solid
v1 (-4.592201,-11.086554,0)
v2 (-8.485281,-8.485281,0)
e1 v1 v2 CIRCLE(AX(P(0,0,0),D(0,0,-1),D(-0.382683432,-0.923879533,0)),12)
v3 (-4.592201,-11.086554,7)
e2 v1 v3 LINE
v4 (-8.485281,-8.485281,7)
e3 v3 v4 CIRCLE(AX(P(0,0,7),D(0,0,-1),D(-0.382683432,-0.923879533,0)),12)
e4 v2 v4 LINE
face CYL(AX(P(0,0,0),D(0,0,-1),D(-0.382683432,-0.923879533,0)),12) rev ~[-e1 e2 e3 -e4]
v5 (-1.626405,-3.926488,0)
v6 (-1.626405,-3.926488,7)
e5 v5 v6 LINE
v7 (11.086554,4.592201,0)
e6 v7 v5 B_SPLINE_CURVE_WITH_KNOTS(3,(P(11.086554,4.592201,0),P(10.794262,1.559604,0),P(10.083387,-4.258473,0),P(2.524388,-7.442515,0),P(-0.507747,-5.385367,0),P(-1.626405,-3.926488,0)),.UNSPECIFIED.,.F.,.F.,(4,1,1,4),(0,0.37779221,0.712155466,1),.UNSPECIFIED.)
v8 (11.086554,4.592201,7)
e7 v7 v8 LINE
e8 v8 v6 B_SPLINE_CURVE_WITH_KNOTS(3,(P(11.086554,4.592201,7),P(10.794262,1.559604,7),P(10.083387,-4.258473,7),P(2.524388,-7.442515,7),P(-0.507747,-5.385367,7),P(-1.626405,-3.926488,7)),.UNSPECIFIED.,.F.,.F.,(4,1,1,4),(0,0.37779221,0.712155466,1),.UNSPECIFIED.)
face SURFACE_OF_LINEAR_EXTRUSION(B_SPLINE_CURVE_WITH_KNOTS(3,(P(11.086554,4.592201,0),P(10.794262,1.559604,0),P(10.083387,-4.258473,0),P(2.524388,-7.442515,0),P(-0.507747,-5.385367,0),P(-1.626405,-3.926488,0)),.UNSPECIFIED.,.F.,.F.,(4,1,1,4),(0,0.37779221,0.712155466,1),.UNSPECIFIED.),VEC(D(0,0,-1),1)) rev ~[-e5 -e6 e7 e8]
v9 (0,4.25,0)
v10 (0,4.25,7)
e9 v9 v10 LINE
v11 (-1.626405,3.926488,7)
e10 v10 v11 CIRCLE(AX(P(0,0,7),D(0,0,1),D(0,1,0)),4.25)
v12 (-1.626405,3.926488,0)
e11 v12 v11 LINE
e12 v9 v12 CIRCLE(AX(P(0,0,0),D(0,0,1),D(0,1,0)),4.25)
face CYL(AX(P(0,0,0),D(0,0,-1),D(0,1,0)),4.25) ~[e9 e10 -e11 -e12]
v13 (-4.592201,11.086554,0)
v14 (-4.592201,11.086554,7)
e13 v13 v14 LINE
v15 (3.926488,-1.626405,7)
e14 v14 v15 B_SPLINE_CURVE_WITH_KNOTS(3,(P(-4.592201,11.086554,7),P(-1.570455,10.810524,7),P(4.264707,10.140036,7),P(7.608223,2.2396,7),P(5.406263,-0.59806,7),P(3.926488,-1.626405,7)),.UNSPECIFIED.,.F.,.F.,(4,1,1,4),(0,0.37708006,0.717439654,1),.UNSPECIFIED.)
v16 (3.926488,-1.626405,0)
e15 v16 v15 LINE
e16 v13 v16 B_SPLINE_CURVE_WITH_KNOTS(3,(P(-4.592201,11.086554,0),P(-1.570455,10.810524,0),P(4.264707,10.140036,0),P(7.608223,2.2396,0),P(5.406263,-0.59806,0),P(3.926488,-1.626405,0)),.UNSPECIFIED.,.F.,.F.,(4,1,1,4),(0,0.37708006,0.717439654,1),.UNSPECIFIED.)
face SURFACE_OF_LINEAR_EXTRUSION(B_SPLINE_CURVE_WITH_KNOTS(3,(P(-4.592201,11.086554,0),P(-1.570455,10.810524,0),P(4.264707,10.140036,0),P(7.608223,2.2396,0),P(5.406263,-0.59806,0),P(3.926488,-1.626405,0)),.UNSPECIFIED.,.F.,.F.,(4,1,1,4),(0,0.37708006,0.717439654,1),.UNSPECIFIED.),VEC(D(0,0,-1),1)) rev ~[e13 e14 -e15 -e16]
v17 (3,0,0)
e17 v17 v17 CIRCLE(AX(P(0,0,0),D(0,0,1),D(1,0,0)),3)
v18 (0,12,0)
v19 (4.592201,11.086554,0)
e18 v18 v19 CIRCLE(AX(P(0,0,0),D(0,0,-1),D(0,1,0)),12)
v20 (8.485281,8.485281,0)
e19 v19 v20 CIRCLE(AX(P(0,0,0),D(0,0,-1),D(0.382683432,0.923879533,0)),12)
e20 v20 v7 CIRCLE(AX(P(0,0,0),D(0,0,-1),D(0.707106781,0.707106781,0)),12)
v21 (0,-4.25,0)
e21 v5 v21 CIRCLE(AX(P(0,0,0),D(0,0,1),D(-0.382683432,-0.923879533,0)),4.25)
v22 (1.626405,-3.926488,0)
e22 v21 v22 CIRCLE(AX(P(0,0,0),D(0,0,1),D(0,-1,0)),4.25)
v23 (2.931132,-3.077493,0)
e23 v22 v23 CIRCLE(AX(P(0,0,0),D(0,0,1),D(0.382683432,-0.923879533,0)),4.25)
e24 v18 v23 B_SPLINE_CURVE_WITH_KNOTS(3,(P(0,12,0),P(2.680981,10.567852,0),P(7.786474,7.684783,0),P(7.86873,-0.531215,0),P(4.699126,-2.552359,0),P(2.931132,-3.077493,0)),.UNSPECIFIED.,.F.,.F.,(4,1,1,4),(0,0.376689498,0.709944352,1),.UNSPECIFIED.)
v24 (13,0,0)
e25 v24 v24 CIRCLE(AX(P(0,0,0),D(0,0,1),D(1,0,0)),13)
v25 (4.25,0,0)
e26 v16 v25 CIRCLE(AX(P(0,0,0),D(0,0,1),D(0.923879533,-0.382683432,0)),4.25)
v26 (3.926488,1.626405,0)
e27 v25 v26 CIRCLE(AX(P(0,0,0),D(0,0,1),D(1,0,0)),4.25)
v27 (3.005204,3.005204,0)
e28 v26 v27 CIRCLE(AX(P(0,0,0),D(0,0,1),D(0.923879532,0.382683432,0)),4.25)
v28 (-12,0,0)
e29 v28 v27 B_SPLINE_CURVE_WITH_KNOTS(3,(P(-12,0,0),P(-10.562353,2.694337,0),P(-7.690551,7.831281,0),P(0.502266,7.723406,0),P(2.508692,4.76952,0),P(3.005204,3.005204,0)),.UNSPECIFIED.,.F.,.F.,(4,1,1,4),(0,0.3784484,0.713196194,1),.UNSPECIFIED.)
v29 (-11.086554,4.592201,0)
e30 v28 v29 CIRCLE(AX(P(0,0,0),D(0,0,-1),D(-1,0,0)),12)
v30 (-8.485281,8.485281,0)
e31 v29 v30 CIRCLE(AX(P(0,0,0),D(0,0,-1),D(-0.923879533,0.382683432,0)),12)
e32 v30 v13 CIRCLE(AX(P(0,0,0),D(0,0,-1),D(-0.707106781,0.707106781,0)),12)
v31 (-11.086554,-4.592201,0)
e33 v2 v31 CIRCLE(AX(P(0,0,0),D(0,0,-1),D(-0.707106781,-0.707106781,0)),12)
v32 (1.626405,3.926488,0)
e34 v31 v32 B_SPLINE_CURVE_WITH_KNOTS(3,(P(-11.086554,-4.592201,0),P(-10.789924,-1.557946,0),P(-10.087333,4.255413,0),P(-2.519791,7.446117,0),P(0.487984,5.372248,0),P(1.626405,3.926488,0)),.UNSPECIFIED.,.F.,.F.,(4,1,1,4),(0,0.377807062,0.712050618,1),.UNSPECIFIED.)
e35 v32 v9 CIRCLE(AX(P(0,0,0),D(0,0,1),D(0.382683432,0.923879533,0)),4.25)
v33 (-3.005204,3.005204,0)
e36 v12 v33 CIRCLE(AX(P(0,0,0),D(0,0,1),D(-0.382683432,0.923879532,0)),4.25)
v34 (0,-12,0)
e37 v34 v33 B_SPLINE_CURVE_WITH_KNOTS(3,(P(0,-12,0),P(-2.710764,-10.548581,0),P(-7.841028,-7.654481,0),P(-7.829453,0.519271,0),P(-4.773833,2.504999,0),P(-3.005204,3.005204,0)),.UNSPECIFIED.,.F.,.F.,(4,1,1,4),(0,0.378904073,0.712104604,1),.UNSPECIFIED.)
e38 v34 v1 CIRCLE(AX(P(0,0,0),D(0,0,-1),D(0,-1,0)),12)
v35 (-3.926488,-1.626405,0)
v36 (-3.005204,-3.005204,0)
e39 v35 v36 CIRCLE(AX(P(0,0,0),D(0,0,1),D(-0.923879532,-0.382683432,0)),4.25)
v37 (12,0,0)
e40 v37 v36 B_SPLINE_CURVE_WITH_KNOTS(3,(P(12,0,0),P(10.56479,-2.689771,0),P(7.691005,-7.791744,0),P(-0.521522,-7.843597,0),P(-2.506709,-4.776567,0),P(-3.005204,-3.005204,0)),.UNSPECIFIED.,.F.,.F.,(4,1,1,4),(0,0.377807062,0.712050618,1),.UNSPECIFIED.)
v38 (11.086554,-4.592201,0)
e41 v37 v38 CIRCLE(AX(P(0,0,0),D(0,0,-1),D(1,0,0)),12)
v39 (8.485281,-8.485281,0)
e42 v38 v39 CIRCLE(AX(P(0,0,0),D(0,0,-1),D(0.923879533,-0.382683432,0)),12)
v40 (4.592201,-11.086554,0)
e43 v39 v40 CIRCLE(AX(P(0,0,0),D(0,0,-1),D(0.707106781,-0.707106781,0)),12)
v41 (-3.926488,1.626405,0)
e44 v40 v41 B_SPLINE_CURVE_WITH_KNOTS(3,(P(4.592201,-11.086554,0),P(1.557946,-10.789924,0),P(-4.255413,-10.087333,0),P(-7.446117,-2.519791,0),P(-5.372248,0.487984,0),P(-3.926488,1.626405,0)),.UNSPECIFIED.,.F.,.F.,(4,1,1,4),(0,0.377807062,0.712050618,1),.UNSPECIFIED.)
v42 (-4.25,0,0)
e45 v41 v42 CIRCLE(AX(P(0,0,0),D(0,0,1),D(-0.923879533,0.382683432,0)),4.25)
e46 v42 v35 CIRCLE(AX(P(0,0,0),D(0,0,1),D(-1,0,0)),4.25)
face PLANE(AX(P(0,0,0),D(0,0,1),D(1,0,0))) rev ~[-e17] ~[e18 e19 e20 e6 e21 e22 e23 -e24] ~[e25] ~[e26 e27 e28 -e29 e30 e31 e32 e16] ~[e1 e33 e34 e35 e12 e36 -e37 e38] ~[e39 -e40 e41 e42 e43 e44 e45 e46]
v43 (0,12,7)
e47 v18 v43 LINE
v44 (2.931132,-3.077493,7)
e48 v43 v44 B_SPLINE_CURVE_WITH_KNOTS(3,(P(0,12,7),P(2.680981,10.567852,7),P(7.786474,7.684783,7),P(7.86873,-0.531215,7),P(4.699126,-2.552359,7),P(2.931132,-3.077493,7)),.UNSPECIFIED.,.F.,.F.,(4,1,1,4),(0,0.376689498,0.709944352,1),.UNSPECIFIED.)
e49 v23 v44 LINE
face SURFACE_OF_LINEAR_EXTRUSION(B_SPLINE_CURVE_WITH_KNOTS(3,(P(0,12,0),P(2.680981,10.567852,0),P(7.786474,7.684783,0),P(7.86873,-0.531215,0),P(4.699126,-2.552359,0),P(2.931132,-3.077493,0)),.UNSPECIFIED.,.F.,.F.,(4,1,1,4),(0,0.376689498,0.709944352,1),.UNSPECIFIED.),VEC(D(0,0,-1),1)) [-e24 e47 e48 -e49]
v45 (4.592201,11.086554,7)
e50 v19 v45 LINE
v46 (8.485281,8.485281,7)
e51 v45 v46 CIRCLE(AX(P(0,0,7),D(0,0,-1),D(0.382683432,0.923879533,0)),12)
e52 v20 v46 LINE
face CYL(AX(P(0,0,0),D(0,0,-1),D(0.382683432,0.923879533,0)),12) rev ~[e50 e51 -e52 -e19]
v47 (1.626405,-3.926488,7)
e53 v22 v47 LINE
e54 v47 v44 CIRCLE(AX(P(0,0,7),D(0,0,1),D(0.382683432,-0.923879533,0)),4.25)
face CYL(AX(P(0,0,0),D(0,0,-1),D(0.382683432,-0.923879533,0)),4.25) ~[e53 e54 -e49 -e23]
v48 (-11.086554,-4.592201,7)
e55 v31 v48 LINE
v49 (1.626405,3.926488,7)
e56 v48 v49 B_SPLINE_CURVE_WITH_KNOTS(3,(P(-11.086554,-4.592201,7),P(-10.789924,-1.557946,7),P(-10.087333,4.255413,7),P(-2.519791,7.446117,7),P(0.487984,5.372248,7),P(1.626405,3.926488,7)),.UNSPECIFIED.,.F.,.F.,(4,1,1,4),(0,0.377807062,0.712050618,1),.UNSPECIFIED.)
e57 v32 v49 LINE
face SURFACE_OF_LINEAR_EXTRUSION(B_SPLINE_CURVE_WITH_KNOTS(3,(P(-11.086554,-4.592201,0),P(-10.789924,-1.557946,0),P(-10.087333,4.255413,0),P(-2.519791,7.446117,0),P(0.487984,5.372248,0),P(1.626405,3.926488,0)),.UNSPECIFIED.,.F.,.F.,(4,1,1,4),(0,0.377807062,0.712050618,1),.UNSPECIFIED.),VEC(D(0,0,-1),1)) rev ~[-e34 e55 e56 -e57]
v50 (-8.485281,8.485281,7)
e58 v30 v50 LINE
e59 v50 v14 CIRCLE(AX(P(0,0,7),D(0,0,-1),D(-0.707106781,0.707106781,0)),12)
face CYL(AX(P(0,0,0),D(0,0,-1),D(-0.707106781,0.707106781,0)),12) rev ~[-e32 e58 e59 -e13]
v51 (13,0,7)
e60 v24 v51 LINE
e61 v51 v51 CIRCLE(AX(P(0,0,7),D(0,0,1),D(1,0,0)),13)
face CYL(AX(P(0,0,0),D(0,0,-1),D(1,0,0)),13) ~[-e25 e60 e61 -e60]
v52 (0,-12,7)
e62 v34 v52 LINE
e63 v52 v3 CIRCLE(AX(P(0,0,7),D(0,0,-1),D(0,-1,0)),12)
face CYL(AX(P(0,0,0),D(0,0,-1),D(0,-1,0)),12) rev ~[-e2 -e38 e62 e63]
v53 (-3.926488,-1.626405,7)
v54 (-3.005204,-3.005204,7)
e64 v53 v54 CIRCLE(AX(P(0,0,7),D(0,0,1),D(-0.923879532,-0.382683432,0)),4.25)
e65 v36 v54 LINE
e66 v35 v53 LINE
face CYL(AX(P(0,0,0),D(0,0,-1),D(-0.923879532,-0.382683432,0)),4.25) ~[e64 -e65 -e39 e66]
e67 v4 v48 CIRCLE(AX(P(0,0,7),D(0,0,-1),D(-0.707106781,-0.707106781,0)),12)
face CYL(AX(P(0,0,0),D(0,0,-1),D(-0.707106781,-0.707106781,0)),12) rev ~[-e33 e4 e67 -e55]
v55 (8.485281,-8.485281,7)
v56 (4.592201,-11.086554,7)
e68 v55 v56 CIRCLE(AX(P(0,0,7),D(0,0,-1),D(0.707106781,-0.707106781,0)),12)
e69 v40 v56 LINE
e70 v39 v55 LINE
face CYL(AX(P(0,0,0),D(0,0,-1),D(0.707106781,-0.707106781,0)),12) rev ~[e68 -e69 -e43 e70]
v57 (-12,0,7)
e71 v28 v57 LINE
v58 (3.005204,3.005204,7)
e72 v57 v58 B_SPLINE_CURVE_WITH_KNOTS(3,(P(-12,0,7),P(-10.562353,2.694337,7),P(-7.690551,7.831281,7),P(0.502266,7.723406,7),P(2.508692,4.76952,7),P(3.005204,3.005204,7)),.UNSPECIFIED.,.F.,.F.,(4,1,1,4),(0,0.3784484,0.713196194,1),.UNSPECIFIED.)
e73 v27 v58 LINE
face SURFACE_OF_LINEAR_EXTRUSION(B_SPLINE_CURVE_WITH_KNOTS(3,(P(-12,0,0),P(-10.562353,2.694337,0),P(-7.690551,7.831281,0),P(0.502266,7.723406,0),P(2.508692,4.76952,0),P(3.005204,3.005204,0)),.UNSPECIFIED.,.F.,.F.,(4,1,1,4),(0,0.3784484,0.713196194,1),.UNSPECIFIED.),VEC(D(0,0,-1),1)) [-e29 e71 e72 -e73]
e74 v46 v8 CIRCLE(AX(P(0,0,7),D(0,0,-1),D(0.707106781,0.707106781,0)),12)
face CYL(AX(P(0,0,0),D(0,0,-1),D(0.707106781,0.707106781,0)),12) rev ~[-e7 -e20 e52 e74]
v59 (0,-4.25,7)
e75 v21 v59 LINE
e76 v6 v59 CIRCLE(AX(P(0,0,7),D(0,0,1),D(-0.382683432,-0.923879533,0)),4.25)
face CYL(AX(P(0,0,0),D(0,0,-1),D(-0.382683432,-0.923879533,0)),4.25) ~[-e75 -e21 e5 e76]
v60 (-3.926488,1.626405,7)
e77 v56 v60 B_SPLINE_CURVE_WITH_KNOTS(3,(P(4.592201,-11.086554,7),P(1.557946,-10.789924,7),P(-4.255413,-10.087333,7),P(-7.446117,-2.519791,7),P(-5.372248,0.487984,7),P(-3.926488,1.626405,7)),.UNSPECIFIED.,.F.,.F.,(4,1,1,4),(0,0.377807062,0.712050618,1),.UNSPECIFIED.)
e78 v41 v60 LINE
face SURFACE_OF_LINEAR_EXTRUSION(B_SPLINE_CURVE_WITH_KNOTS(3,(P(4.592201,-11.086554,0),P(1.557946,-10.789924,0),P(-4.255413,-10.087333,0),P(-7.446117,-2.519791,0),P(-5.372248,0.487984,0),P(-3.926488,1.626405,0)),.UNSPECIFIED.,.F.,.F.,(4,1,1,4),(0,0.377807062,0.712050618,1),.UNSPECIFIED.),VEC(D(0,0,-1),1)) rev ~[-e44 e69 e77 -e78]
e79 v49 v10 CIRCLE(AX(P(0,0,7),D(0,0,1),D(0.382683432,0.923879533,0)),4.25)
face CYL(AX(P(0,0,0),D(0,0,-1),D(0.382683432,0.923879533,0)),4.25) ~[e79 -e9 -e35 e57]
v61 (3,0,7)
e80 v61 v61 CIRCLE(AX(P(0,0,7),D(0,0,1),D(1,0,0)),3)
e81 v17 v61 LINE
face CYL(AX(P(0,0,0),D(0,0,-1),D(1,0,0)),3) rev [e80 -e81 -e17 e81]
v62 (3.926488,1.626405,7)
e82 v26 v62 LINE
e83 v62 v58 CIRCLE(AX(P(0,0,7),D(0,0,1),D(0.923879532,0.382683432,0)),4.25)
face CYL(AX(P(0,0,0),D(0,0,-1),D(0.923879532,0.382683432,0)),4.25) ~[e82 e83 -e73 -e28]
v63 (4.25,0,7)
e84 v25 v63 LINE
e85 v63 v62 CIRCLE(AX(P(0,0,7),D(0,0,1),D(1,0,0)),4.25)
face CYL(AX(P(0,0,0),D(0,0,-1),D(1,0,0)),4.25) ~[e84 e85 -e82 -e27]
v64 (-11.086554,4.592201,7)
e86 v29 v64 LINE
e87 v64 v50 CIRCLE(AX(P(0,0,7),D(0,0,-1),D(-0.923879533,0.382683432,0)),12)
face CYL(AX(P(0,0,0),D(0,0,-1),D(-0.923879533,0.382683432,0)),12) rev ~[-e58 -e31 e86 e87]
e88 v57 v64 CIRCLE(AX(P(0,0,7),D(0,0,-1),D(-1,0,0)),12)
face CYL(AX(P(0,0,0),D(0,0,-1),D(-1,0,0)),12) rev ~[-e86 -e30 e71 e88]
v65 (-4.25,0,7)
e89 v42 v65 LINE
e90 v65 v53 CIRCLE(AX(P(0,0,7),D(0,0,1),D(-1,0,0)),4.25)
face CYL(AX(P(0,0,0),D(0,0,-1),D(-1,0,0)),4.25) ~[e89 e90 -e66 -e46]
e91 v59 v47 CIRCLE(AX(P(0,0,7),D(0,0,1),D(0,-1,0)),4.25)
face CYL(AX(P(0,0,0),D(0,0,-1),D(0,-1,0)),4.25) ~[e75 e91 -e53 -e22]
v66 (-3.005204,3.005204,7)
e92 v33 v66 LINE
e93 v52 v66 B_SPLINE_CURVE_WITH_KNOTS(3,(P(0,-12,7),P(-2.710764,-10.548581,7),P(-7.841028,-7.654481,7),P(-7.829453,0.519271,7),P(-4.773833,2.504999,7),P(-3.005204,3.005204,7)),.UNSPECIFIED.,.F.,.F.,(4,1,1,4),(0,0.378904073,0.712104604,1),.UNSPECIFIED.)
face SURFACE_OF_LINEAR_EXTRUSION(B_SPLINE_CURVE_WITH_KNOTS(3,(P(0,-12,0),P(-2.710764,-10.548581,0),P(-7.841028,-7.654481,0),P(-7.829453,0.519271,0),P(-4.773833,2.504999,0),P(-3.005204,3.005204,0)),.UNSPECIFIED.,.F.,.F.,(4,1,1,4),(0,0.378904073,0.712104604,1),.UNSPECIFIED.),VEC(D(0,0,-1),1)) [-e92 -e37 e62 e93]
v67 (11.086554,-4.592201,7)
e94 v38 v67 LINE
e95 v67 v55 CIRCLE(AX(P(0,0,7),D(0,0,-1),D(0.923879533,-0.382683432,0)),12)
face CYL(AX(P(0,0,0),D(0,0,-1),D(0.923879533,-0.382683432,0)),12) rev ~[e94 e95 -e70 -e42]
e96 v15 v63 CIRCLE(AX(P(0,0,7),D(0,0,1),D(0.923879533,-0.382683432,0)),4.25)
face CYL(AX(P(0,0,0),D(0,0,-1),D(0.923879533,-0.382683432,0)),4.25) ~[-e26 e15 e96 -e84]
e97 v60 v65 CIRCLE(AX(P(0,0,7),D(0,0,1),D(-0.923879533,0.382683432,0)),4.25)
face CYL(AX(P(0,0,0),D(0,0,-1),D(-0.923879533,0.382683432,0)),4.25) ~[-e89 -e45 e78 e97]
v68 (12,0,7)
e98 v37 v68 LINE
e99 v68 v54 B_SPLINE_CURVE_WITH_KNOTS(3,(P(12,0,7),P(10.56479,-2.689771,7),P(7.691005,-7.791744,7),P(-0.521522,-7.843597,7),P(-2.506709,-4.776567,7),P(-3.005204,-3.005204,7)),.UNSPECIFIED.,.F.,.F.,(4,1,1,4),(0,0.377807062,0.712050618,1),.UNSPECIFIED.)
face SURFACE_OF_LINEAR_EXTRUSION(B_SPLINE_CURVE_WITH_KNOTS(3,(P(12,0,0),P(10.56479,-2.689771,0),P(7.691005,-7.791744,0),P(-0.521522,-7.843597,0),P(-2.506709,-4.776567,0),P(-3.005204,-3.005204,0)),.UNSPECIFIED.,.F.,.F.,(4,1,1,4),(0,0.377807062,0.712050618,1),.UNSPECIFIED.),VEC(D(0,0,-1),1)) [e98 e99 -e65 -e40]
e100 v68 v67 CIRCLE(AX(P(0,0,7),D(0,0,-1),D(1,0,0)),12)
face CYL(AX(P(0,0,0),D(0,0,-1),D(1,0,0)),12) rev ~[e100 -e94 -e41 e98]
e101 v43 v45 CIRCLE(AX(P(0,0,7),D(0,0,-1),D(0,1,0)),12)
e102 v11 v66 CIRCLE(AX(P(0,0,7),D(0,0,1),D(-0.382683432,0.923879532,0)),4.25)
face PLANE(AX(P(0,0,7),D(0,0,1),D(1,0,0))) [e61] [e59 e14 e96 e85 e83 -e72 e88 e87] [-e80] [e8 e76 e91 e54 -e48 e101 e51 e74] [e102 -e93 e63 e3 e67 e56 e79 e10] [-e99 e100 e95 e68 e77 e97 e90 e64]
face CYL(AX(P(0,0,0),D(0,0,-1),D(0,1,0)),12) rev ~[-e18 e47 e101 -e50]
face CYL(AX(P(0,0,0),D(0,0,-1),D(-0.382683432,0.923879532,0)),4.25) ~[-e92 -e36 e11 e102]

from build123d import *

# Parameters (mm, degrees)
F0_R     = 13
F0_R_2   = 3
F1_DEPTH = 7


with BuildPart() as f1:
    # F0 (on Top) → F1 (new body)
    with BuildSketch(Plane.XY):
        Circle(F0_R)
        with BuildLine():
            ThreePointArc((-11.0865543901, 4.5922011884), (-9.9776353476, 6.6668427962), (-8.4852813742, 8.4852813742))
            ThreePointArc((-8.4852813742, 8.4852813742), (-6.6668427962, 9.9776353476), (-4.5922011884, 11.0865543901))
            ThreePointArc((-4.5922011884, 11.0865543901), (-2.3410838642, 11.7694233648), (0, 12))
            ThreePointArc((0, 12), (2.3410838642, 11.7694233648), (4.5922011884, 11.0865543901))
            ThreePointArc((4.5922011884, 11.0865543901), (6.6668427962, 9.9776353476), (8.4852813742, 8.4852813742))
            ThreePointArc((8.4852813742, 8.4852813742), (9.9776353476, 6.6668427962), (11.0865543901, 4.5922011884))
            ThreePointArc((11.0865543901, 4.5922011884), (11.7694233648, 2.3410838642), (12, 0))
            ThreePointArc((12, 0), (11.7694233648, -2.3410838642), (11.0865543901, -4.5922011884))
            ThreePointArc((11.0865543901, -4.5922011884), (9.9776353476, -6.6668427962), (8.4852813742, -8.4852813742))
            ThreePointArc((8.4852813742, -8.4852813742), (6.6668427962, -9.9776353476), (4.5922011884, -11.0865543901))
            ThreePointArc((4.5922011884, -11.0865543901), (2.3410838642, -11.7694233648), (0, -12))
            ThreePointArc((0, -12), (-2.3410838642, -11.7694233648), (-4.5922011884, -11.0865543901))
            ThreePointArc((-4.5922011884, -11.0865543901), (-6.6668427962, -9.9776353476), (-8.4852813742, -8.4852813742))
            ThreePointArc((-8.4852813742, -8.4852813742), (-9.9776353476, -6.6668427962), (-11.0865543901, -4.5922011884))
            ThreePointArc((-11.0865543901, -4.5922011884), (-11.7694233648, -2.3410838642), (-12, 0))
            ThreePointArc((-12, 0), (-11.7694233648, 2.3410838642), (-11.0865543901, 4.5922011884))
        make_face(mode=Mode.SUBTRACT)
        with BuildLine():
            add(Edge.make_bspline(
                [(11.0865543901, 4.5922011884), (10.7942622521, 1.5596035882), (10.0833868115, -4.258472749), (2.5243876222, -7.4425147934), (-0.5077470427, -5.3853670381), (-1.6264045876, -3.9264880132)],
                knots=[0, 0, 0, 0, 0.3777922096, 0.7121554665, 1, 1, 1, 1], degree=3))
            ThreePointArc((-1.6264045876, -3.9264880132), (-2.3611734903, -3.5337458523), (-3.00520382, -3.00520382))
            add(Edge.make_bspline(
                [(12, 0), (10.5647896088, -2.6897710738), (7.6910045321, -7.7917442557), (-0.5215220043, -7.8435969878), (-2.506708686, -4.7765670277), (-3.00520382, -3.00520382)],
                knots=[0, 0, 0, 0, 0.3778070623, 0.7120506178, 1, 1, 1, 1], degree=3))
            ThreePointArc((12, 0), (11.7694233648, 2.3410838642), (11.0865543901, 4.5922011884))
        make_face()
        with BuildLine():
            add(Edge.make_bspline(
                [(-4.5922011884, 11.0865543901), (-1.5704550423, 10.8105237194), (4.2647067816, 10.1400359721), (7.6082231363, 2.2396004627), (5.4062631178, -0.5980601531), (3.9264880132, -1.6264045876)],
                knots=[0, 0, 0, 0, 0.3770800605, 0.7174396543, 1, 1, 1, 1], degree=3))
            ThreePointArc((3.9264880132, -1.6264045876), (3.5047330037, -2.4040271572), (2.931132267, -3.0774930761))
            add(Edge.make_bspline(
                [(0, 12), (2.6809811037, 10.5678517669), (7.7864739546, 7.684782971), (7.8687297495, -0.5312150395), (4.6991261742, -2.5523586964), (2.931132267, -3.0774930761)],
                knots=[0, 0, 0, 0, 0.3766894981, 0.7099443515, 1, 1, 1, 1], degree=3))
            ThreePointArc((0, 12), (-2.3410838642, 11.7694233648), (-4.5922011884, 11.0865543901))
        make_face()
        with BuildLine():
            ThreePointArc((1.6264045876, 3.9264880132), (2.3611734903, 3.5337458523), (3.00520382, 3.00520382))
            add(Edge.make_bspline(
                [(-12, 0), (-10.5623533002, 2.6943370332), (-7.6905506106, 7.8312811315), (0.5022664847, 7.7234061983), (2.5086918961, 4.7695198466), (3.00520382, 3.00520382)],
                knots=[0, 0, 0, 0, 0.3784484001, 0.713196194, 1, 1, 1, 1], degree=3))
            ThreePointArc((-12, 0), (-11.7694233648, -2.3410838642), (-11.0865543901, -4.5922011884))
            add(Edge.make_bspline(
                [(-11.0865543901, -4.5922011884), (-10.7899237116, -1.5579455075), (-10.0873331075, 4.2554130277), (-2.5197911119, 7.446116549), (0.4879837839, 5.3722483965), (1.6264045876, 3.9264880132)],
                knots=[0, 0, 0, 0, 0.3778070623, 0.7120506178, 1, 1, 1, 1], degree=3))
        make_face()
        with BuildLine():
            ThreePointArc((-3.9264880132, 1.6264045876), (-3.5337458523, 2.3611734903), (-3.00520382, 3.00520382))
            add(Edge.make_bspline(
                [(0, -12), (-2.7107638377, -10.5485813187), (-7.841028011, -7.6544806066), (-7.8294532096, 0.5192707407), (-4.7738325426, 2.504998695), (-3.00520382, 3.00520382)],
                knots=[0, 0, 0, 0, 0.3789040734, 0.7121046038, 1, 1, 1, 1], degree=3))
            ThreePointArc((0, -12), (2.3410838642, -11.7694233648), (4.5922011884, -11.0865543901))
            add(Edge.make_bspline(
                [(4.5922011884, -11.0865543901), (1.5579455075, -10.7899237116), (-4.2554130277, -10.0873331075), (-7.446116549, -2.5197911119), (-5.3722483965, 0.4879837839), (-3.9264880132, 1.6264045876)],
                knots=[0, 0, 0, 0, 0.3778070623, 0.7120506178, 1, 1, 1, 1], degree=3))
        make_face()
        with BuildLine():
            ThreePointArc((3.9264880132, -1.6264045876), (4.1683374417, -0.8291338686), (4.25, 0))
            ThreePointArc((4.25, 0), (4.1683374417, 0.8291338686), (3.9264880132, 1.6264045876))
            ThreePointArc((3.9264880132, 1.6264045876), (3.5337458523, 2.3611734903), (3.00520382, 3.00520382))
            ThreePointArc((3.00520382, 3.00520382), (2.3611734903, 3.5337458523), (1.6264045876, 3.9264880132))
            ThreePointArc((1.6264045876, 3.9264880132), (0.8291338686, 4.1683374417), (0, 4.25))
            ThreePointArc((0, 4.25), (-0.8291338686, 4.1683374417), (-1.6264045876, 3.9264880132))
            ThreePointArc((-1.6264045876, 3.9264880132), (-2.3611734903, 3.5337458523), (-3.00520382, 3.00520382))
            ThreePointArc((-3.00520382, 3.00520382), (-3.5337458523, 2.3611734903), (-3.9264880132, 1.6264045876))
            ThreePointArc((-3.9264880132, 1.6264045876), (-4.1683374417, 0.8291338686), (-4.25, 0))
            ThreePointArc((-4.25, 0), (-4.1683374417, -0.8291338686), (-3.9264880132, -1.6264045876))
            ThreePointArc((-3.9264880132, -1.6264045876), (-3.5337458523, -2.3611734903), (-3.00520382, -3.00520382))
            ThreePointArc((-3.00520382, -3.00520382), (-2.3611734903, -3.5337458523), (-1.6264045876, -3.9264880132))
            ThreePointArc((-1.6264045876, -3.9264880132), (-0.8291338686, -4.1683374417), (0, -4.25))
            ThreePointArc((0, -4.25), (0.8291338686, -4.1683374417), (1.6264045876, -3.9264880132))
            ThreePointArc((1.6264045876, -3.9264880132), (2.317969725, -3.5622347416), (2.931132267, -3.0774930761))
            ThreePointArc((2.931132267, -3.0774930761), (3.5047330037, -2.4040271572), (3.9264880132, -1.6264045876))
        make_face()
        Circle(F0_R_2, mode=Mode.SUBTRACT)
    extrude(amount=F1_DEPTH)


solid = f1.part
